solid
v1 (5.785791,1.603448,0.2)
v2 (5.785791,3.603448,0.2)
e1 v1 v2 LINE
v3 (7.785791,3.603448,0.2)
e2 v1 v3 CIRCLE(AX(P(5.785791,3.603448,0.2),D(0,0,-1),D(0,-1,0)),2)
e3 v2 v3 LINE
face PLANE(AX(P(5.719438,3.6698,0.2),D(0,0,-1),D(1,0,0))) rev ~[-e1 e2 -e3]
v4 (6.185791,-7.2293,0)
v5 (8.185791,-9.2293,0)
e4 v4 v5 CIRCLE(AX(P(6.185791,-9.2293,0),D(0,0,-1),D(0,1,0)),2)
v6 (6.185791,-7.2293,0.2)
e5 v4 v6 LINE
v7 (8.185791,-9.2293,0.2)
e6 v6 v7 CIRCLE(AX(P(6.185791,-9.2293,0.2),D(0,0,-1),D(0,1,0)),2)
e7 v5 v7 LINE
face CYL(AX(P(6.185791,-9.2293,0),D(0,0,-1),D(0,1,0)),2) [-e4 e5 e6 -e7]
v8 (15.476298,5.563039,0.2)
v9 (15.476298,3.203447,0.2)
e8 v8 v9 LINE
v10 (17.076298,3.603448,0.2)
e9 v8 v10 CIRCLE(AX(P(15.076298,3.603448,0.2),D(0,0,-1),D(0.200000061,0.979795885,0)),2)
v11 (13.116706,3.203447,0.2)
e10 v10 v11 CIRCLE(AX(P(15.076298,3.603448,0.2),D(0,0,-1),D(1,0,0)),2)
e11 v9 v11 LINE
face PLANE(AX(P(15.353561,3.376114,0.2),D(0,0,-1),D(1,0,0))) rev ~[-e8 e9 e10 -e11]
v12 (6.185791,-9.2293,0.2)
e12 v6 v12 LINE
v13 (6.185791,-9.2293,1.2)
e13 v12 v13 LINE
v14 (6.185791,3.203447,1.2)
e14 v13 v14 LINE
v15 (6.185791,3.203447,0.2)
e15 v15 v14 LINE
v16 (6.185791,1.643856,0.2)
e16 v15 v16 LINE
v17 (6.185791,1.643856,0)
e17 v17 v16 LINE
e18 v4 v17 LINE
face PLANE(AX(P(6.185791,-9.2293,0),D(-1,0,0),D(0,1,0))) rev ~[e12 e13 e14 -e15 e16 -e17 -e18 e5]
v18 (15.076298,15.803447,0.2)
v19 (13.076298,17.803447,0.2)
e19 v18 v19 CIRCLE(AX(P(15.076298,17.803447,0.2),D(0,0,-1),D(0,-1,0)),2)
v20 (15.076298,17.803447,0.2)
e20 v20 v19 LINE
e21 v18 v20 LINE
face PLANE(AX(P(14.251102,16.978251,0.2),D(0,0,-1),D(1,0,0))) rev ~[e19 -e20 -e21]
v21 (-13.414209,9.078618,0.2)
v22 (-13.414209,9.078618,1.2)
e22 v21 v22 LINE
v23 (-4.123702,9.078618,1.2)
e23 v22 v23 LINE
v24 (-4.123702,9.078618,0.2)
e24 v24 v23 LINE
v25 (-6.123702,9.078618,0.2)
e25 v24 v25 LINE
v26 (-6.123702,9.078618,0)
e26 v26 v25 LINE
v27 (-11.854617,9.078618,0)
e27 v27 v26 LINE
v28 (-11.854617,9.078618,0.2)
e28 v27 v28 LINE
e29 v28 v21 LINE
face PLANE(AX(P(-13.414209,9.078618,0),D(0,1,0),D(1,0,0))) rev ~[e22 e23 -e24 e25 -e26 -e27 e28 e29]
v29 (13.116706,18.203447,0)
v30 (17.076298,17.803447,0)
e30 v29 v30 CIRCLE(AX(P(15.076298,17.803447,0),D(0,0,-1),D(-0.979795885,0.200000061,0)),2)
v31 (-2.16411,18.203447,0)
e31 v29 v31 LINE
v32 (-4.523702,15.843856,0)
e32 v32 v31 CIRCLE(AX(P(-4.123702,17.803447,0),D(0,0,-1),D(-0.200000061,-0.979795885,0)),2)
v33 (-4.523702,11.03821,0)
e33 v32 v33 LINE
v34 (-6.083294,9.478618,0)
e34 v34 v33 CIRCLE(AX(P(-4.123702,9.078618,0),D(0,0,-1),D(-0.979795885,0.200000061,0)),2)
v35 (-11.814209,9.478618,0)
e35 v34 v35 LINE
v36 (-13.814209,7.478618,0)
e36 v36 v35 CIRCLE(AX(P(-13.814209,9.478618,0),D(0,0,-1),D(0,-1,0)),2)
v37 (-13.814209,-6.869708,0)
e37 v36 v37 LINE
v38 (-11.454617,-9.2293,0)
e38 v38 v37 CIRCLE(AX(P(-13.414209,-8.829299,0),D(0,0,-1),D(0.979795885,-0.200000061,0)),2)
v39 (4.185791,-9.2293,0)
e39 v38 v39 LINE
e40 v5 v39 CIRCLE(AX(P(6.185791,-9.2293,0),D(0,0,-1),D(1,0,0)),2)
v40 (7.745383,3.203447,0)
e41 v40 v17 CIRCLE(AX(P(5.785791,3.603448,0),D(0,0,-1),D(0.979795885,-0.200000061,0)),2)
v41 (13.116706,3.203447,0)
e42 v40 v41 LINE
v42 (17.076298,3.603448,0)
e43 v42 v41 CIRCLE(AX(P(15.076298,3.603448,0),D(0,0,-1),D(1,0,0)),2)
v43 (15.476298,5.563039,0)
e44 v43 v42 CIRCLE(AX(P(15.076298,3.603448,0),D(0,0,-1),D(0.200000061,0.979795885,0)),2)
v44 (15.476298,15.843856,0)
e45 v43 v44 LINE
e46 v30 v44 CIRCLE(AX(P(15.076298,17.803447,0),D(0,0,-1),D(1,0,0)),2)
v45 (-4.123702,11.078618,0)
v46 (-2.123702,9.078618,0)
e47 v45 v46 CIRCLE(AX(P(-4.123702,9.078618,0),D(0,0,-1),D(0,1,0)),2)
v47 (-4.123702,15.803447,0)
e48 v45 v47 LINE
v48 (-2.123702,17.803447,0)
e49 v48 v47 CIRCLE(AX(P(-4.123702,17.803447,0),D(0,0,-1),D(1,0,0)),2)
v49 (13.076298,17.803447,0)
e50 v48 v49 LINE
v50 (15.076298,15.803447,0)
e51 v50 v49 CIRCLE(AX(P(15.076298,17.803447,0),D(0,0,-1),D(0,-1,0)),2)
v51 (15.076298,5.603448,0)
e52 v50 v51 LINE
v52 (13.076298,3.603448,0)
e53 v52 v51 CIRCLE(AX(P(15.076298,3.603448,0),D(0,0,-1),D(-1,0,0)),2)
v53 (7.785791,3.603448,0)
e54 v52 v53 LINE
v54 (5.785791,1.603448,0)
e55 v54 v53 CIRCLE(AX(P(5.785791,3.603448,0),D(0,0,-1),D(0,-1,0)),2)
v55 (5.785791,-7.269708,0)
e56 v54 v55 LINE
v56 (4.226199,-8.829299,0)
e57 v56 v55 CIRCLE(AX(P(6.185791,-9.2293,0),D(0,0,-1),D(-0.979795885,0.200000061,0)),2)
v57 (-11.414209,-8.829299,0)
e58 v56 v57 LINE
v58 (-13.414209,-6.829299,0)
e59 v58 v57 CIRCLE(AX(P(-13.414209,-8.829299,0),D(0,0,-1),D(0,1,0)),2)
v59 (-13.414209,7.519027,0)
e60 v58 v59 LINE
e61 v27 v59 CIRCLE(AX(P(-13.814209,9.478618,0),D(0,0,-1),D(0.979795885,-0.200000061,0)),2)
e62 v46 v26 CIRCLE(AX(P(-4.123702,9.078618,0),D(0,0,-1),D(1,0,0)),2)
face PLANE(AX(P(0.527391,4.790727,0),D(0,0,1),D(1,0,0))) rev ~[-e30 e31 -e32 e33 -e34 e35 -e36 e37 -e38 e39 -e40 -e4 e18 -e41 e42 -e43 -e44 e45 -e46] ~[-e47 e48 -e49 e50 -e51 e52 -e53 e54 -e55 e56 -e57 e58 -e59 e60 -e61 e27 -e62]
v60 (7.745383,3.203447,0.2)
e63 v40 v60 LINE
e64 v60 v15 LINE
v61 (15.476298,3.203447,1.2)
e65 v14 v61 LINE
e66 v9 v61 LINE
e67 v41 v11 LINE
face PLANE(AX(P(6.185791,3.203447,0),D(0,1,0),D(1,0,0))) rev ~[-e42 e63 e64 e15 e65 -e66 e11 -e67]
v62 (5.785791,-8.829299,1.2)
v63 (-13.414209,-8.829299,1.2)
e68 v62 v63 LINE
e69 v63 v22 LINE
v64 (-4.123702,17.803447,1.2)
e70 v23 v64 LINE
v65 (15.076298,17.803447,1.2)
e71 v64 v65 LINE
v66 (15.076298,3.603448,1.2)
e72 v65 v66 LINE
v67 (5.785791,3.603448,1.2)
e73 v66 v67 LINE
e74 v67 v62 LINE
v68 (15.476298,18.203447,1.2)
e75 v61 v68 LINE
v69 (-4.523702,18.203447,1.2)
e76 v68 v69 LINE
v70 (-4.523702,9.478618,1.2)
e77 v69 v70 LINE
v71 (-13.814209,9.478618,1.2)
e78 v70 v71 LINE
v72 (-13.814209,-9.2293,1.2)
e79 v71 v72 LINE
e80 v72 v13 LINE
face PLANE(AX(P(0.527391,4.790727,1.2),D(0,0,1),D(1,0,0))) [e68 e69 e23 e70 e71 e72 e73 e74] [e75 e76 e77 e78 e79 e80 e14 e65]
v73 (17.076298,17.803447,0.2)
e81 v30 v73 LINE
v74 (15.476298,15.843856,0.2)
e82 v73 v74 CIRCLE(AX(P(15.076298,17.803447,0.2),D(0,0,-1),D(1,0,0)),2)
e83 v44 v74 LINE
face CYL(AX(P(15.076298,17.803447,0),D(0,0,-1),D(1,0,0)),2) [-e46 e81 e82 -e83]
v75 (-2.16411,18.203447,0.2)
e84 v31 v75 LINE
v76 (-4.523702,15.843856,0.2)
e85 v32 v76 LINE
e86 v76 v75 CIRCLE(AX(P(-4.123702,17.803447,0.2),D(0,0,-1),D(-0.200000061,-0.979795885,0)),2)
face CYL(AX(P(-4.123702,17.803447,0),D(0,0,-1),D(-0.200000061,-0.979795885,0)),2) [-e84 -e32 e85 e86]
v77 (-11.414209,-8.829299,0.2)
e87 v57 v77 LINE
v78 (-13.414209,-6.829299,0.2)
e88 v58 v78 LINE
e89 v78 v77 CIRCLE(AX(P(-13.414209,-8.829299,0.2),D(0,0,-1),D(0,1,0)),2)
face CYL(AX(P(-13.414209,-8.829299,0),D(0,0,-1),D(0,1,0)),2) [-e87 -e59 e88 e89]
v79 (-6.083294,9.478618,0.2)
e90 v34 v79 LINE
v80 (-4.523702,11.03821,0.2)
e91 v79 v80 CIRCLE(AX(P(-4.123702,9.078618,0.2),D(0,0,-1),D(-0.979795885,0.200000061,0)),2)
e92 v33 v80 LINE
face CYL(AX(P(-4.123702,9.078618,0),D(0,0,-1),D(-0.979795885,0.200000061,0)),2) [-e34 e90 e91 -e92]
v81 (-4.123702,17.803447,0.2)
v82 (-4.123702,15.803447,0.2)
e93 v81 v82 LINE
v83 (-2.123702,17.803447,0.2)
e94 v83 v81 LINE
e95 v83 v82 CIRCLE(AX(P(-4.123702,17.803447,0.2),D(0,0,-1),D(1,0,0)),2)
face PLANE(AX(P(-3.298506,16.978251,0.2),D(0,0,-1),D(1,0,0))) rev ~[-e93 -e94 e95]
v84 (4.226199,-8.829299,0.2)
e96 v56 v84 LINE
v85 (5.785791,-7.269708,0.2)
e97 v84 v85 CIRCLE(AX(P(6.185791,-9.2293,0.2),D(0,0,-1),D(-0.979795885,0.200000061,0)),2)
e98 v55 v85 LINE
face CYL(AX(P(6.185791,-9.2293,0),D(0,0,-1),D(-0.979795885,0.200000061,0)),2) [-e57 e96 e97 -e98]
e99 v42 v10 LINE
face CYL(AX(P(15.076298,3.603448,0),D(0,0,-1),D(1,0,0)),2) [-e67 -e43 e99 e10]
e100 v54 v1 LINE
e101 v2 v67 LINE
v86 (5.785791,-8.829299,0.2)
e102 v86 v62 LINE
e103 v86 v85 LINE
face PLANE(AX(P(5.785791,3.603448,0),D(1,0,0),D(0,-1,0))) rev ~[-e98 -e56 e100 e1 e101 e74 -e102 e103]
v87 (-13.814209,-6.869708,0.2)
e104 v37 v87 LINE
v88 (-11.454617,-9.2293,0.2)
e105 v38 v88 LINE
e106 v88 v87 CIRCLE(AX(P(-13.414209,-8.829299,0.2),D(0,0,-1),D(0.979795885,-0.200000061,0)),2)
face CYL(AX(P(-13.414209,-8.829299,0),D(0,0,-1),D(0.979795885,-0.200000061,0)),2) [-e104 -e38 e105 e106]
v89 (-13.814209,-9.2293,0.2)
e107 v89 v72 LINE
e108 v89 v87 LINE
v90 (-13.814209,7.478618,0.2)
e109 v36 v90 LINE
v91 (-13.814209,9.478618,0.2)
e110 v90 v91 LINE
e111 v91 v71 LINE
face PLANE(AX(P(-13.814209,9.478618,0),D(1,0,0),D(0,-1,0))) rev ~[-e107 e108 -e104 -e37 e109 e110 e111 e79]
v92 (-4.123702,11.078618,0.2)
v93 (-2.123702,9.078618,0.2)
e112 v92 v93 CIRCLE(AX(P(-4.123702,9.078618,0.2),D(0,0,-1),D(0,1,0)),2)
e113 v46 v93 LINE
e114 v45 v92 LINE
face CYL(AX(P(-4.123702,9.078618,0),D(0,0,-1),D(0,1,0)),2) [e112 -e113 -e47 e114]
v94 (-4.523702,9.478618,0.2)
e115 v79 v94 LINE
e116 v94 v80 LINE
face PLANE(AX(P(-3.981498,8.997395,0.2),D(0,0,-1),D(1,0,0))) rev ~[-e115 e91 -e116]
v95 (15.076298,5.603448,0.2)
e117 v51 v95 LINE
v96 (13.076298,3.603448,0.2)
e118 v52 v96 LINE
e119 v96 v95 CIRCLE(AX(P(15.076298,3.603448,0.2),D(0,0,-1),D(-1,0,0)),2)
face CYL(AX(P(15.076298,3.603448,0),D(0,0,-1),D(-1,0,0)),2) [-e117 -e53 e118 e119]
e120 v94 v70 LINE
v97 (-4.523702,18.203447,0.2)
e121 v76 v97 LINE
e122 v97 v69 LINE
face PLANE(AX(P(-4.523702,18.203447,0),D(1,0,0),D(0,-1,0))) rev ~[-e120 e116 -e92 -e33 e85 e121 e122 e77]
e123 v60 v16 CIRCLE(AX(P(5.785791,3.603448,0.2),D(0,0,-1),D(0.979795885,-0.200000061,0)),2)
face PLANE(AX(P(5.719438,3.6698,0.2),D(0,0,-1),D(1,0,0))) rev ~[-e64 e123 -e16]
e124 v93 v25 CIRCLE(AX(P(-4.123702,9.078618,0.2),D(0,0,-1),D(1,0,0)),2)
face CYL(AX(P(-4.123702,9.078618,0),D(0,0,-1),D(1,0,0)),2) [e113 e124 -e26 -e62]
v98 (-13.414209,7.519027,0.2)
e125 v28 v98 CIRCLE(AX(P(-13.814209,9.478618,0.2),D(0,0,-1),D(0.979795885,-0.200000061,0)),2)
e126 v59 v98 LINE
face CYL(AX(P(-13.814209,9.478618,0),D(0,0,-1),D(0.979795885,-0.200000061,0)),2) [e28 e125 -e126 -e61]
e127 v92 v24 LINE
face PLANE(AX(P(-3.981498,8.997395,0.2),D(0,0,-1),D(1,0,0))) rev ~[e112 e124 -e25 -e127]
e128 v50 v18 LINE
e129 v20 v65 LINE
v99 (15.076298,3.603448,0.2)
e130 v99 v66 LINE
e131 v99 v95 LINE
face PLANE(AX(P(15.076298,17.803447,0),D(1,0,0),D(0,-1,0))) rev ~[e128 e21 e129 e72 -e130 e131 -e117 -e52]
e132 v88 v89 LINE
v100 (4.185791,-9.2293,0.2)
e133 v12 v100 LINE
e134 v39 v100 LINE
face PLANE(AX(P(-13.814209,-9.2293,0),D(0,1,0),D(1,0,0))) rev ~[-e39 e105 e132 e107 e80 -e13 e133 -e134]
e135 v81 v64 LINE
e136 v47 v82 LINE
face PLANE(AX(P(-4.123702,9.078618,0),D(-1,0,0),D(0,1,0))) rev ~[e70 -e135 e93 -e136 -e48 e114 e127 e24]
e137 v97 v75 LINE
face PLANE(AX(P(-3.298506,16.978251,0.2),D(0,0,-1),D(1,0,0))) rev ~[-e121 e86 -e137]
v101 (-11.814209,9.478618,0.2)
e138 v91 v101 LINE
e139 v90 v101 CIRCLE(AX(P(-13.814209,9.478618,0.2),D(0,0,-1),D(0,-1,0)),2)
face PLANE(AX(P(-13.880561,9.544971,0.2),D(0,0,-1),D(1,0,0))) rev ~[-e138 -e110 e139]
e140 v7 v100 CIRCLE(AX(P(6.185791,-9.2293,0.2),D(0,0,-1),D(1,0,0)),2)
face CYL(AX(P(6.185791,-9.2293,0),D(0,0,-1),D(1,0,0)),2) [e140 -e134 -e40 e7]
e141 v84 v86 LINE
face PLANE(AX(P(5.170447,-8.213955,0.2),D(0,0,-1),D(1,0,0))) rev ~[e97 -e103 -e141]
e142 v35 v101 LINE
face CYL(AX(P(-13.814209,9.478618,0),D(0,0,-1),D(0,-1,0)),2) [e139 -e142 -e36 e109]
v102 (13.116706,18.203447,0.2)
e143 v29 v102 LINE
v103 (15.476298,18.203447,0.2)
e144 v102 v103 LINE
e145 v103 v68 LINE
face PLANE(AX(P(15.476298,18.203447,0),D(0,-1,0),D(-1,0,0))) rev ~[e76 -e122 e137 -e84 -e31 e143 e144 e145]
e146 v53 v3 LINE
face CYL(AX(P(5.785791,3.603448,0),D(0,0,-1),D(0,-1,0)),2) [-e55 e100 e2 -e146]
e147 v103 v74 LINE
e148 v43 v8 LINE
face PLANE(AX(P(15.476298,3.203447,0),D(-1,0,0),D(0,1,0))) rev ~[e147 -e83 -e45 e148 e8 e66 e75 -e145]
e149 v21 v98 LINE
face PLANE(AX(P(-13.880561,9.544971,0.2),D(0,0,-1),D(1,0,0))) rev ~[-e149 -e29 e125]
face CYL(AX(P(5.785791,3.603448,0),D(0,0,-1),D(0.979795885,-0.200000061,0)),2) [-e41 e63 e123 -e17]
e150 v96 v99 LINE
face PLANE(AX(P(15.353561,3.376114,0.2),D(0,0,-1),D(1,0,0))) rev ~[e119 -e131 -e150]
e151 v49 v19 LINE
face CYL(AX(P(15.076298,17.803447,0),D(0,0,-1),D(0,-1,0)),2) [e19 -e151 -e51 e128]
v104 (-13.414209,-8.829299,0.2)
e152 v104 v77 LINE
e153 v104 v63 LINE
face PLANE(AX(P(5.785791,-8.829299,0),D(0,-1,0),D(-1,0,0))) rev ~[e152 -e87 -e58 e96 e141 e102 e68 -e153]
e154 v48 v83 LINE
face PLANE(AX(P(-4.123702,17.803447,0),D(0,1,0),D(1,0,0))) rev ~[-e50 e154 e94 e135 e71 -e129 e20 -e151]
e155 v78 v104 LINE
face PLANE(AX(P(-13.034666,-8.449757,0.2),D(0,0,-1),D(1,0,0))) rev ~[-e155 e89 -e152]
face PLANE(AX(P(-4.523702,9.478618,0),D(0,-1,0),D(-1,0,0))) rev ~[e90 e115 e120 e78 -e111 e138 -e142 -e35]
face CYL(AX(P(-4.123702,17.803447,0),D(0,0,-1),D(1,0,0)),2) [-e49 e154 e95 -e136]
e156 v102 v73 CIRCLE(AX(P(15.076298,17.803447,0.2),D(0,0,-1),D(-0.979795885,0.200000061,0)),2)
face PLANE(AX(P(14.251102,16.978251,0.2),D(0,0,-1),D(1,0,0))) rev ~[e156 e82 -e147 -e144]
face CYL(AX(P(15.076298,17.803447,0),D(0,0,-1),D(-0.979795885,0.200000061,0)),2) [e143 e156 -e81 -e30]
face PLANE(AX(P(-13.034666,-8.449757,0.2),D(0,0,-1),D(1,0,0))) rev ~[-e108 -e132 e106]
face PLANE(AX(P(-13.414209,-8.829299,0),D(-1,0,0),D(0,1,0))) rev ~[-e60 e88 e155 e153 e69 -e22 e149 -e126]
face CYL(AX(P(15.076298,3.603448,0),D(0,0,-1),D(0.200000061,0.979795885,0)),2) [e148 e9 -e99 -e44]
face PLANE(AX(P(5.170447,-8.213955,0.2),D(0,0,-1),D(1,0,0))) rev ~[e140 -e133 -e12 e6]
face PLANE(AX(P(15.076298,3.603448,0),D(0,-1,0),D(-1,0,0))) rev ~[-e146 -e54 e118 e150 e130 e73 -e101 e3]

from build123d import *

# Parameters (mm, degrees)
F1_DEPTH = 1.2
F3_DEPTH = 0.2


with BuildPart() as f1:
    # F0 (on Top) → F1 (new body)
    with BuildSketch(Plane.XY):
        Polygon((-4.5237019658, 9.4786183909), (-13.8142090873, 9.4786183909), (-13.8142090873, -9.2292996123), (6.1857909127, -9.2292996123), (6.1857909127, 3.2034474425), (15.4762980342, 3.2034474425), (15.4762980342, 18.2034474425), (-4.5237019658, 18.2034474425), align=None)
        Polygon((-4.1237018444, 9.0786182694), (-4.1237018444, 17.8034473211), (15.0762979127, 17.8034473211), (15.0762979127, 3.6034475639), (5.7857907913, 3.6034475639), (5.7857907913, -8.8292994909), (-13.4142089658, -8.8292994909), (-13.4142089658, 9.0786182694), align=None, mode=Mode.SUBTRACT)
    extrude(amount=F1_DEPTH)

    # F2 (on face) → F3 (join)
    with BuildSketch(Plane(origin=(0, 0, 0), x_dir=(1, 0, 0), z_dir=(0, 0, -1))):
        with BuildLine():
            Line((-13.4142089658, 8.8292994909), (-11.4142089658, 8.8292994909))
            ThreePointArc((-11.4142089658, 8.8292994909), (-11.4243366661, 9.0303174766), (-11.4546171964, 9.2292996123))
            Line((-11.4546171964, 9.2292996123), (-13.8142090873, 9.2292996123))
            Line((-13.8142090873, 9.2292996123), (-13.8142090873, 6.8697077215))
            ThreePointArc((-13.8142090873, 6.8697077215), (-13.6152269515, 6.8394271911), (-13.4142089658, 6.8292994909))
            Line((-13.4142089658, 6.8292994909), (-13.4142089658, 8.8292994909))
        make_face()
        with BuildLine():
            ThreePointArc((-13.4142089658, 6.8292994909), (-11.9999954035, 7.4150859285), (-11.4142089658, 8.8292994909))
            Line((-11.4142089658, 8.8292994909), (-13.4142089658, 8.8292994909))
            Line((-13.4142089658, 8.8292994909), (-13.4142089658, 6.8292994909))
        make_face()
        with BuildLine():
            Line((-13.8142090873, 9.2292996123), (-11.4546171964, 9.2292996123))
            ThreePointArc((-11.4546171964, 9.2292996123), (-14.8284225282, 10.2435130533), (-13.8142090873, 6.8697077215))
            Line((-13.8142090873, 6.8697077215), (-13.8142090873, 9.2292996123))
        make_face()
        with BuildLine():
            Line((5.7857907913, 8.8292994909), (4.2261991433, 8.8292994909))
            ThreePointArc((4.2261991433, 8.8292994909), (4.7715773503, 7.81508605), (5.7857907913, 7.2697078429))
            Line((5.7857907913, 7.2697078429), (5.7857907913, 8.8292994909))
        make_face()
        with BuildLine():
            ThreePointArc((4.1857909127, 9.2292996123), (4.1959186129, 9.0282816267), (4.2261991433, 8.8292994909))
            Line((4.2261991433, 8.8292994909), (5.7857907913, 8.8292994909))
            Line((5.7857907913, 8.8292994909), (5.7857907913, 7.2697078429))
            ThreePointArc((5.7857907913, 7.2697078429), (5.984772927, 7.2394273126), (6.1857909127, 7.2292996123))
            Line((6.1857909127, 7.2292996123), (6.1857909127, 9.2292996123))
            Line((6.1857909127, 9.2292996123), (4.1857909127, 9.2292996123))
        make_face()
        with BuildLine():
            ThreePointArc((8.1857909127, 9.2292996123), (6.1857909127, 11.2292996123), (4.1857909127, 9.2292996123))
            Line((4.1857909127, 9.2292996123), (6.1857909127, 9.2292996123))
            Line((6.1857909127, 9.2292996123), (6.1857909127, 7.2292996123))
            ThreePointArc((6.1857909127, 7.2292996123), (7.6000044751, 7.81508605), (8.1857909127, 9.2292996123))
        make_face()
        with BuildLine():
            Line((-13.8142090873, -9.4786183909), (-13.8142090873, -7.4786183909))
            ThreePointArc((-13.8142090873, -7.4786183909), (-15.2284226497, -10.8928319532), (-11.8142090873, -9.4786183909))
            Line((-11.8142090873, -9.4786183909), (-13.8142090873, -9.4786183909))
        make_face()
        with BuildLine():
            Line((-13.4142089658, -9.0786182694), (-13.4142089658, -7.5190266214))
            ThreePointArc((-13.4142089658, -7.5190266214), (-13.6131911016, -7.4887460911), (-13.8142090873, -7.4786183909))
            Line((-13.8142090873, -7.4786183909), (-13.8142090873, -9.4786183909))
            Line((-13.8142090873, -9.4786183909), (-11.8142090873, -9.4786183909))
            ThreePointArc((-11.8142090873, -9.4786183909), (-11.8243367875, -9.2776004052), (-11.8546173178, -9.0786182694))
            Line((-11.8546173178, -9.0786182694), (-13.4142089658, -9.0786182694))
        make_face()
        with BuildLine():
            ThreePointArc((-11.8546173178, -9.0786182694), (-12.3999955249, -8.0644048285), (-13.4142089658, -7.5190266214))
            Line((-13.4142089658, -7.5190266214), (-13.4142089658, -9.0786182694))
            Line((-13.4142089658, -9.0786182694), (-11.8546173178, -9.0786182694))
        make_face()
        with BuildLine():
            ThreePointArc((-2.1237018444, -9.0786182694), (-4.1237018444, -7.0786182694), (-6.1237018444, -9.0786182694))
            Line((-6.1237018444, -9.0786182694), (-4.1237018444, -9.0786182694))
            Line((-4.1237018444, -9.0786182694), (-4.1237018444, -11.0786182694))
            ThreePointArc((-4.1237018444, -11.0786182694), (-2.709488282, -10.4928318318), (-2.1237018444, -9.0786182694))
        make_face()
        with BuildLine():
            Line((-4.1237018444, -9.0786182694), (-6.1237018444, -9.0786182694))
            ThreePointArc((-6.1237018444, -9.0786182694), (-6.1135741441, -9.2796362551), (-6.0832936138, -9.4786183909))
            Line((-6.0832936138, -9.4786183909), (-4.5237019658, -9.4786183909))
            Line((-4.5237019658, -9.4786183909), (-4.5237019658, -11.0382100389))
            ThreePointArc((-4.5237019658, -11.0382100389), (-4.32471983, -11.0684905692), (-4.1237018444, -11.0786182694))
            Line((-4.1237018444, -11.0786182694), (-4.1237018444, -9.0786182694))
        make_face()
        with BuildLine():
            Line((-4.5237019658, -9.4786183909), (-6.0832936138, -9.4786183909))
            ThreePointArc((-6.0832936138, -9.4786183909), (-5.5379154067, -10.4928318318), (-4.5237019658, -11.0382100389))
            Line((-4.5237019658, -11.0382100389), (-4.5237019658, -9.4786183909))
        make_face()
        with BuildLine():
            ThreePointArc((-2.1237018444, -17.8034473211), (-2.709488282, -16.3892337587), (-4.1237018444, -15.8034473211))
            Line((-4.1237018444, -15.8034473211), (-4.1237018444, -17.8034473211))
            Line((-4.1237018444, -17.8034473211), (-2.1237018444, -17.8034473211))
        make_face()
        with BuildLine():
            ThreePointArc((-4.1237018444, -15.8034473211), (-4.32471983, -15.8135750213), (-4.5237019658, -15.8438555516))
            Line((-4.5237019658, -15.8438555516), (-4.5237019658, -18.2034474425))
            Line((-4.5237019658, -18.2034474425), (-2.1641100749, -18.2034474425))
            ThreePointArc((-2.1641100749, -18.2034474425), (-2.1338295446, -18.0044653067), (-2.1237018444, -17.8034473211))
            Line((-2.1237018444, -17.8034473211), (-4.1237018444, -17.8034473211))
            Line((-4.1237018444, -17.8034473211), (-4.1237018444, -15.8034473211))
        make_face()
        with BuildLine():
            Line((-4.5237019658, -18.2034474425), (-4.5237019658, -15.8438555516))
            ThreePointArc((-4.5237019658, -15.8438555516), (-5.5379154067, -19.2176608834), (-2.1641100749, -18.2034474425))
            Line((-2.1641100749, -18.2034474425), (-4.5237019658, -18.2034474425))
        make_face()
        with BuildLine():
            Line((15.0762979127, -17.8034473211), (15.0762979127, -15.8034473211))
            ThreePointArc((15.0762979127, -15.8034473211), (13.6620843504, -16.3892337587), (13.0762979127, -17.8034473211))
            Line((13.0762979127, -17.8034473211), (15.0762979127, -17.8034473211))
        make_face()
        with BuildLine():
            ThreePointArc((15.4762980342, -15.8438555516), (15.2773158984, -15.8135750213), (15.0762979127, -15.8034473211))
            Line((15.0762979127, -15.8034473211), (15.0762979127, -17.8034473211))
            Line((15.0762979127, -17.8034473211), (13.0762979127, -17.8034473211))
            ThreePointArc((13.0762979127, -17.8034473211), (13.086425613, -18.0044653067), (13.1167061433, -18.2034474425))
            Line((13.1167061433, -18.2034474425), (15.4762980342, -18.2034474425))
            Line((15.4762980342, -18.2034474425), (15.4762980342, -15.8438555516))
        make_face()
        with BuildLine():
            ThreePointArc((17.0762979127, -17.8034473211), (16.6254912904, -16.538536305), (15.4762980342, -15.8438555516))
            Line((15.4762980342, -15.8438555516), (15.4762980342, -18.2034474425))
            Line((15.4762980342, -18.2034474425), (13.1167061433, -18.2034474425))
            ThreePointArc((13.1167061433, -18.2034474425), (15.2773158984, -19.7933196208), (17.0762979127, -17.8034473211))
        make_face()
        with BuildLine():
            ThreePointArc((17.0762979127, -3.6034475639), (15.2773158984, -1.6135752642), (13.1167061433, -3.2034474425))
            Line((13.1167061433, -3.2034474425), (15.4762980342, -3.2034474425))
            Line((15.4762980342, -3.2034474425), (15.4762980342, -5.5630393334))
            ThreePointArc((15.4762980342, -5.5630393334), (16.6254912904, -4.86835858), (17.0762979127, -3.6034475639))
        make_face()
        with BuildLine():
            ThreePointArc((13.1167061433, -3.2034474425), (13.086425613, -3.4024295783), (13.0762979127, -3.6034475639))
            Line((13.0762979127, -3.6034475639), (15.0762979127, -3.6034475639))
            Line((15.0762979127, -3.6034475639), (15.0762979127, -5.6034475639))
            ThreePointArc((15.0762979127, -5.6034475639), (15.2773158984, -5.5933198637), (15.4762980342, -5.5630393334))
            Line((15.4762980342, -5.5630393334), (15.4762980342, -3.2034474425))
            Line((15.4762980342, -3.2034474425), (13.1167061433, -3.2034474425))
        make_face()
        with BuildLine():
            Line((15.0762979127, -3.6034475639), (13.0762979127, -3.6034475639))
            ThreePointArc((13.0762979127, -3.6034475639), (13.6620843504, -5.0176611263), (15.0762979127, -5.6034475639))
            Line((15.0762979127, -5.6034475639), (15.0762979127, -3.6034475639))
        make_face()
        with BuildLine():
            Line((5.7857907913, -3.6034475639), (5.7857907913, -1.6034475639))
            ThreePointArc((5.7857907913, -1.6034475639), (4.3715772289, -5.0176611263), (7.7857907913, -3.6034475639))
            Line((7.7857907913, -3.6034475639), (5.7857907913, -3.6034475639))
        make_face()
        with BuildLine():
            ThreePointArc((6.1857909127, -1.6438557945), (5.9868087769, -1.6135752642), (5.7857907913, -1.6034475639))
            Line((5.7857907913, -1.6034475639), (5.7857907913, -3.6034475639))
            Line((5.7857907913, -3.6034475639), (7.7857907913, -3.6034475639))
            ThreePointArc((7.7857907913, -3.6034475639), (7.7756630911, -3.4024295783), (7.7453825607, -3.2034474425))
            Line((7.7453825607, -3.2034474425), (6.1857909127, -3.2034474425))
            Line((6.1857909127, -3.2034474425), (6.1857909127, -1.6438557945))
        make_face()
        with BuildLine():
            ThreePointArc((7.7453825607, -3.2034474425), (7.2000043536, -2.1892340016), (6.1857909127, -1.6438557945))
            Line((6.1857909127, -1.6438557945), (6.1857909127, -3.2034474425))
            Line((6.1857909127, -3.2034474425), (7.7453825607, -3.2034474425))
        make_face()
    extrude(amount=-F3_DEPTH)


solid = f1.part
